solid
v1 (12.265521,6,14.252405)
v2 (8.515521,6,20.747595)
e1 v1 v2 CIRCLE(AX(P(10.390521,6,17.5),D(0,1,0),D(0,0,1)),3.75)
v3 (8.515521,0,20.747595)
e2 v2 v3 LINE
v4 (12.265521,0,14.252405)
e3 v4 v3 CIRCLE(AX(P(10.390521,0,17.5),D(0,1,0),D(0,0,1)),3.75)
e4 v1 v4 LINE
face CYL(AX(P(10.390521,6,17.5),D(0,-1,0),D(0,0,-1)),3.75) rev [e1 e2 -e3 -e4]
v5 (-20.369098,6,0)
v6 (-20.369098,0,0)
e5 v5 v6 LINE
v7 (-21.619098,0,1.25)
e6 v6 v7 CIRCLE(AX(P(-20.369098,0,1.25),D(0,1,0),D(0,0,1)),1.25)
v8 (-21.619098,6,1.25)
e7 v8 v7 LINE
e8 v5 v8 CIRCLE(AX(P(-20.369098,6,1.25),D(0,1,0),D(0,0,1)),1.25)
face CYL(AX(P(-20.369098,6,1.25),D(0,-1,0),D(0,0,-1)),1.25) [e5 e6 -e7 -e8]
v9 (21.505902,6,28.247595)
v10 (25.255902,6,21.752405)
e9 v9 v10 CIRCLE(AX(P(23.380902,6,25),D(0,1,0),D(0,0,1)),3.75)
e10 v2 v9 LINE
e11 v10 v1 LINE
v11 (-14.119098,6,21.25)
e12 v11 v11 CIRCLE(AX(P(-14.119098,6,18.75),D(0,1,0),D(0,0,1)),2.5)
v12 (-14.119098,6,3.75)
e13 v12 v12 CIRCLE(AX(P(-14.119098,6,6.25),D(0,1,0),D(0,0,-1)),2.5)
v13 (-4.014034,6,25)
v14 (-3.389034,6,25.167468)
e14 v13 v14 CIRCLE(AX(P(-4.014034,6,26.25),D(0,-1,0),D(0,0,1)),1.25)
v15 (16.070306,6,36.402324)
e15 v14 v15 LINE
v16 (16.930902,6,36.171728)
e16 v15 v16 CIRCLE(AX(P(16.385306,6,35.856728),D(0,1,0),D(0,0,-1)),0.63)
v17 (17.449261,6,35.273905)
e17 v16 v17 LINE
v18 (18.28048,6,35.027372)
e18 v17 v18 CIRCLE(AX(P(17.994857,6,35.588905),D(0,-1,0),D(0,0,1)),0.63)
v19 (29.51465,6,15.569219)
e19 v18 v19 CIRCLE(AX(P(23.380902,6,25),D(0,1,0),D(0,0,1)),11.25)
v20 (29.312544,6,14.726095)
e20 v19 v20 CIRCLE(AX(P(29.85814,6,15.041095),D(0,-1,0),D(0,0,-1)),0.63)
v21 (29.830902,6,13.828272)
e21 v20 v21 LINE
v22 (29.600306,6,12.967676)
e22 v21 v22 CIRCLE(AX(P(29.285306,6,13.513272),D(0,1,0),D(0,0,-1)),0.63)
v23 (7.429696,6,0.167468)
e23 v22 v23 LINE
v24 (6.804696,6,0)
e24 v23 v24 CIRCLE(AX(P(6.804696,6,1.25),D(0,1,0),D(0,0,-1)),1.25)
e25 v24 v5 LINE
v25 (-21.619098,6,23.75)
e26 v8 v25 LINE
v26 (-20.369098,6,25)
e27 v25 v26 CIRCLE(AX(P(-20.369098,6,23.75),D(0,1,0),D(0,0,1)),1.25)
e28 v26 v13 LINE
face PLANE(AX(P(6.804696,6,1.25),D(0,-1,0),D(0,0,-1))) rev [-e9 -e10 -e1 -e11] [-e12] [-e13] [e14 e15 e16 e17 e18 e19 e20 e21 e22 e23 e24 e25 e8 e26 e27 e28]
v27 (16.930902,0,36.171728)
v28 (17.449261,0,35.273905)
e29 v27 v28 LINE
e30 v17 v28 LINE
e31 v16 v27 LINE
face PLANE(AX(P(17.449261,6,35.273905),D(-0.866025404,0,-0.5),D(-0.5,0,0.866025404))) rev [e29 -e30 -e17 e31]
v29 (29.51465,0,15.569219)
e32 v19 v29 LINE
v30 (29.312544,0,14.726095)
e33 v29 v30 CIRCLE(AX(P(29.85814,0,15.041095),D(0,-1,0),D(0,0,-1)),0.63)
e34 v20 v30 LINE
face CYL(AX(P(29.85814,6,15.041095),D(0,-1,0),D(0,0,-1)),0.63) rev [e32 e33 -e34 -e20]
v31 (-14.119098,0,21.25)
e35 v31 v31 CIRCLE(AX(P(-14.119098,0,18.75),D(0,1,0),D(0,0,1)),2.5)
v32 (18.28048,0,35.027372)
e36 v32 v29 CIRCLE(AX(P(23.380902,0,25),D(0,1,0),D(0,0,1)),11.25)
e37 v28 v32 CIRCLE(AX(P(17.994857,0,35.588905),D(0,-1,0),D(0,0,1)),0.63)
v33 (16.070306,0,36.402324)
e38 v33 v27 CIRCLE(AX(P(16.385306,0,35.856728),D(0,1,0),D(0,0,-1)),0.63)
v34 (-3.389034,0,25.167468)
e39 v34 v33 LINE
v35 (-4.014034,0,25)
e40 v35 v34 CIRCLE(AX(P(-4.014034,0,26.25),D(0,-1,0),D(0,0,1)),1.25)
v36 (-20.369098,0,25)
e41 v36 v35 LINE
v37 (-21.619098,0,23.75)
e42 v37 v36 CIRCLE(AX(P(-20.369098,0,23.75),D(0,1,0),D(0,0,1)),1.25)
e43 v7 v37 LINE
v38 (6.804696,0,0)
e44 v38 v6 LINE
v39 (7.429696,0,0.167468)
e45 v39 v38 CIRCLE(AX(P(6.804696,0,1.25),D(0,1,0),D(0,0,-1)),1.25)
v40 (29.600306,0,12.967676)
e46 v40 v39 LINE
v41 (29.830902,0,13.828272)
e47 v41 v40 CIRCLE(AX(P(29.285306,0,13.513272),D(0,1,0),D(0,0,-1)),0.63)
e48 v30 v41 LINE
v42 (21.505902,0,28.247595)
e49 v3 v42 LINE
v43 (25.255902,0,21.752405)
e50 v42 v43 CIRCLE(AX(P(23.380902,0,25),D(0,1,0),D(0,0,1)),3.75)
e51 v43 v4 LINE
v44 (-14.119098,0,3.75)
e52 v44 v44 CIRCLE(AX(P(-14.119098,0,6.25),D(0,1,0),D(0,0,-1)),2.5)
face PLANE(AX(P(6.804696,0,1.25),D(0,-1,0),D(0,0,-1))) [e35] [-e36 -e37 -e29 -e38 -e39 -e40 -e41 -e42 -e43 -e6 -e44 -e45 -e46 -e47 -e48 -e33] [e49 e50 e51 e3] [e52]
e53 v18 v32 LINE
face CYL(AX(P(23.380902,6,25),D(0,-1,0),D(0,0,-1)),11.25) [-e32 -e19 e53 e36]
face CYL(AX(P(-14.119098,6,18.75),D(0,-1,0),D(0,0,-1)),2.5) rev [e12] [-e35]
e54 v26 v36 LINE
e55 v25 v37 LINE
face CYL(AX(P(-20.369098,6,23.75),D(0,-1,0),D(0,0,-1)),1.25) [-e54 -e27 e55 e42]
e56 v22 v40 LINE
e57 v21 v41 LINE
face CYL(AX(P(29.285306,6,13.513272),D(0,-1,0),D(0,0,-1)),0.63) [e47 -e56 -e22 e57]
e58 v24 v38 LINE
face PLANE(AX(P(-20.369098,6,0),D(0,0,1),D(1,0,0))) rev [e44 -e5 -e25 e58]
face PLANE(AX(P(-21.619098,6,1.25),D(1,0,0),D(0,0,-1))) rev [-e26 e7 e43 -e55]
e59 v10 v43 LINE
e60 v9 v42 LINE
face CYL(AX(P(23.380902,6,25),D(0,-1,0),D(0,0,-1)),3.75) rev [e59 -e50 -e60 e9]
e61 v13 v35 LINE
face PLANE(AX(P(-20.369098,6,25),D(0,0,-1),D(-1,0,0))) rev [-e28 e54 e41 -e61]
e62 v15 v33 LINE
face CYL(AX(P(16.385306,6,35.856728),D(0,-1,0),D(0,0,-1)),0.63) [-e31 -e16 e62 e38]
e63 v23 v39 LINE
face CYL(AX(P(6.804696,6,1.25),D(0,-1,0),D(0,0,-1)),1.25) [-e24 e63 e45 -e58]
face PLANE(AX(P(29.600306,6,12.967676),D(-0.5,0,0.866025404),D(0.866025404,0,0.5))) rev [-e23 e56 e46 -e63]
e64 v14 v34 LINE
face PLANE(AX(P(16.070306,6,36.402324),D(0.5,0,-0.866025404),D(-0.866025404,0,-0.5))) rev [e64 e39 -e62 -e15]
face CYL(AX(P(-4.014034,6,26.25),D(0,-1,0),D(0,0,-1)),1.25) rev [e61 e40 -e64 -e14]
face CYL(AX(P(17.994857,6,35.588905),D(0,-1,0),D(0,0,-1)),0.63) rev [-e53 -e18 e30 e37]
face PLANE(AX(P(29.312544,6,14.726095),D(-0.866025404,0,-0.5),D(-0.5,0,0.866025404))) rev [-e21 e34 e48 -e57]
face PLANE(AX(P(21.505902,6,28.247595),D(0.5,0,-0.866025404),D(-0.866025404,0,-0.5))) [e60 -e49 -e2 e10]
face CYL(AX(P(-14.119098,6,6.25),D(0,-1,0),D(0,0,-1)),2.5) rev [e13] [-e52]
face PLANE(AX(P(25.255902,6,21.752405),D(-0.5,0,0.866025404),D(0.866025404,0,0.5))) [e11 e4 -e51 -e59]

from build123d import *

# Parameters (mm, degrees)
SKETCH1_R           = 2.5
BOSS_EXTRUDE1_DEPTH = 6


with BuildPart() as part:
    # Sketch1 → Boss-Extrude1 (new body)
    with BuildSketch(Plane(origin=(0, 0, 0), x_dir=(1, 0, 0), z_dir=(0, 1, 0))):
        with BuildLine():
            Line((29.312544284, -14.726094949), (29.830902437, -13.828272291))
            ThreePointArc((29.830902437, -13.828272291), (29.893839703, -13.350216293), (29.600306432, -12.967676287))
            Line((29.600306432, -12.967676287), (7.429695757, -0.167468245))
            ThreePointArc((7.429695757, -0.167468245), (7.128219563, -0.042592717), (6.804695757, 0))
            Line((6.804695757, 0), (-20.369097563, 0))
            ThreePointArc((-20.369097563, 0), (-21.25298104, -0.366116524), (-21.619097563, -1.25))
            Line((-21.619097563, -1.25), (-21.619097563, -23.75))
            ThreePointArc((-21.619097563, -23.75), (-21.25298104, -24.633883476), (-20.369097563, -25))
            Line((-20.369097563, -25), (-4.014034054, -25))
            ThreePointArc((-4.014034054, -25), (-3.690510247, -25.042592717), (-3.389034054, -25.167468245))
            Line((-3.389034054, -25.167468245), (16.070306432, -36.402323713))
            ThreePointArc((16.070306432, -36.402323713), (16.548362431, -36.465260979), (16.930902437, -36.171727709))
            Line((16.930902437, -36.171727709), (17.44926059, -35.273905051))
            ThreePointArc((17.44926059, -35.273905051), (17.815716934, -34.984910861), (18.280480237, -35.027372208))
            ThreePointArc((18.280480237, -35.027372208), (33.123688229, -30.625), (29.514650402, -15.569218702))
            ThreePointArc((29.514650402, -15.569218702), (29.245496145, -15.187952547), (29.312544284, -14.726094949))
        make_face()
        with Locations(Location((-14.119097563, -18.75, 0), (0, 0, 270))):
            Circle(SKETCH1_R, mode=Mode.SUBTRACT)
        with Locations(Location((-14.119097563, -6.25, 0), (0, 0, 90))):
            Circle(SKETCH1_R, mode=Mode.SUBTRACT)
        with BuildLine():
            Line((25.255902437, -21.752404736), (12.26552138, -14.252404736))
            ThreePointArc((12.26552138, -14.252404736), (7.142926116, -15.625), (8.51552138, -20.747595264))
            Line((8.51552138, -20.747595264), (21.505902437, -28.247595264))
            ThreePointArc((21.505902437, -28.247595264), (26.628497701, -26.875), (25.255902437, -21.752404736))
        make_face(mode=Mode.SUBTRACT)
    extrude(amount=BOSS_EXTRUDE1_DEPTH)


solid = part.part
